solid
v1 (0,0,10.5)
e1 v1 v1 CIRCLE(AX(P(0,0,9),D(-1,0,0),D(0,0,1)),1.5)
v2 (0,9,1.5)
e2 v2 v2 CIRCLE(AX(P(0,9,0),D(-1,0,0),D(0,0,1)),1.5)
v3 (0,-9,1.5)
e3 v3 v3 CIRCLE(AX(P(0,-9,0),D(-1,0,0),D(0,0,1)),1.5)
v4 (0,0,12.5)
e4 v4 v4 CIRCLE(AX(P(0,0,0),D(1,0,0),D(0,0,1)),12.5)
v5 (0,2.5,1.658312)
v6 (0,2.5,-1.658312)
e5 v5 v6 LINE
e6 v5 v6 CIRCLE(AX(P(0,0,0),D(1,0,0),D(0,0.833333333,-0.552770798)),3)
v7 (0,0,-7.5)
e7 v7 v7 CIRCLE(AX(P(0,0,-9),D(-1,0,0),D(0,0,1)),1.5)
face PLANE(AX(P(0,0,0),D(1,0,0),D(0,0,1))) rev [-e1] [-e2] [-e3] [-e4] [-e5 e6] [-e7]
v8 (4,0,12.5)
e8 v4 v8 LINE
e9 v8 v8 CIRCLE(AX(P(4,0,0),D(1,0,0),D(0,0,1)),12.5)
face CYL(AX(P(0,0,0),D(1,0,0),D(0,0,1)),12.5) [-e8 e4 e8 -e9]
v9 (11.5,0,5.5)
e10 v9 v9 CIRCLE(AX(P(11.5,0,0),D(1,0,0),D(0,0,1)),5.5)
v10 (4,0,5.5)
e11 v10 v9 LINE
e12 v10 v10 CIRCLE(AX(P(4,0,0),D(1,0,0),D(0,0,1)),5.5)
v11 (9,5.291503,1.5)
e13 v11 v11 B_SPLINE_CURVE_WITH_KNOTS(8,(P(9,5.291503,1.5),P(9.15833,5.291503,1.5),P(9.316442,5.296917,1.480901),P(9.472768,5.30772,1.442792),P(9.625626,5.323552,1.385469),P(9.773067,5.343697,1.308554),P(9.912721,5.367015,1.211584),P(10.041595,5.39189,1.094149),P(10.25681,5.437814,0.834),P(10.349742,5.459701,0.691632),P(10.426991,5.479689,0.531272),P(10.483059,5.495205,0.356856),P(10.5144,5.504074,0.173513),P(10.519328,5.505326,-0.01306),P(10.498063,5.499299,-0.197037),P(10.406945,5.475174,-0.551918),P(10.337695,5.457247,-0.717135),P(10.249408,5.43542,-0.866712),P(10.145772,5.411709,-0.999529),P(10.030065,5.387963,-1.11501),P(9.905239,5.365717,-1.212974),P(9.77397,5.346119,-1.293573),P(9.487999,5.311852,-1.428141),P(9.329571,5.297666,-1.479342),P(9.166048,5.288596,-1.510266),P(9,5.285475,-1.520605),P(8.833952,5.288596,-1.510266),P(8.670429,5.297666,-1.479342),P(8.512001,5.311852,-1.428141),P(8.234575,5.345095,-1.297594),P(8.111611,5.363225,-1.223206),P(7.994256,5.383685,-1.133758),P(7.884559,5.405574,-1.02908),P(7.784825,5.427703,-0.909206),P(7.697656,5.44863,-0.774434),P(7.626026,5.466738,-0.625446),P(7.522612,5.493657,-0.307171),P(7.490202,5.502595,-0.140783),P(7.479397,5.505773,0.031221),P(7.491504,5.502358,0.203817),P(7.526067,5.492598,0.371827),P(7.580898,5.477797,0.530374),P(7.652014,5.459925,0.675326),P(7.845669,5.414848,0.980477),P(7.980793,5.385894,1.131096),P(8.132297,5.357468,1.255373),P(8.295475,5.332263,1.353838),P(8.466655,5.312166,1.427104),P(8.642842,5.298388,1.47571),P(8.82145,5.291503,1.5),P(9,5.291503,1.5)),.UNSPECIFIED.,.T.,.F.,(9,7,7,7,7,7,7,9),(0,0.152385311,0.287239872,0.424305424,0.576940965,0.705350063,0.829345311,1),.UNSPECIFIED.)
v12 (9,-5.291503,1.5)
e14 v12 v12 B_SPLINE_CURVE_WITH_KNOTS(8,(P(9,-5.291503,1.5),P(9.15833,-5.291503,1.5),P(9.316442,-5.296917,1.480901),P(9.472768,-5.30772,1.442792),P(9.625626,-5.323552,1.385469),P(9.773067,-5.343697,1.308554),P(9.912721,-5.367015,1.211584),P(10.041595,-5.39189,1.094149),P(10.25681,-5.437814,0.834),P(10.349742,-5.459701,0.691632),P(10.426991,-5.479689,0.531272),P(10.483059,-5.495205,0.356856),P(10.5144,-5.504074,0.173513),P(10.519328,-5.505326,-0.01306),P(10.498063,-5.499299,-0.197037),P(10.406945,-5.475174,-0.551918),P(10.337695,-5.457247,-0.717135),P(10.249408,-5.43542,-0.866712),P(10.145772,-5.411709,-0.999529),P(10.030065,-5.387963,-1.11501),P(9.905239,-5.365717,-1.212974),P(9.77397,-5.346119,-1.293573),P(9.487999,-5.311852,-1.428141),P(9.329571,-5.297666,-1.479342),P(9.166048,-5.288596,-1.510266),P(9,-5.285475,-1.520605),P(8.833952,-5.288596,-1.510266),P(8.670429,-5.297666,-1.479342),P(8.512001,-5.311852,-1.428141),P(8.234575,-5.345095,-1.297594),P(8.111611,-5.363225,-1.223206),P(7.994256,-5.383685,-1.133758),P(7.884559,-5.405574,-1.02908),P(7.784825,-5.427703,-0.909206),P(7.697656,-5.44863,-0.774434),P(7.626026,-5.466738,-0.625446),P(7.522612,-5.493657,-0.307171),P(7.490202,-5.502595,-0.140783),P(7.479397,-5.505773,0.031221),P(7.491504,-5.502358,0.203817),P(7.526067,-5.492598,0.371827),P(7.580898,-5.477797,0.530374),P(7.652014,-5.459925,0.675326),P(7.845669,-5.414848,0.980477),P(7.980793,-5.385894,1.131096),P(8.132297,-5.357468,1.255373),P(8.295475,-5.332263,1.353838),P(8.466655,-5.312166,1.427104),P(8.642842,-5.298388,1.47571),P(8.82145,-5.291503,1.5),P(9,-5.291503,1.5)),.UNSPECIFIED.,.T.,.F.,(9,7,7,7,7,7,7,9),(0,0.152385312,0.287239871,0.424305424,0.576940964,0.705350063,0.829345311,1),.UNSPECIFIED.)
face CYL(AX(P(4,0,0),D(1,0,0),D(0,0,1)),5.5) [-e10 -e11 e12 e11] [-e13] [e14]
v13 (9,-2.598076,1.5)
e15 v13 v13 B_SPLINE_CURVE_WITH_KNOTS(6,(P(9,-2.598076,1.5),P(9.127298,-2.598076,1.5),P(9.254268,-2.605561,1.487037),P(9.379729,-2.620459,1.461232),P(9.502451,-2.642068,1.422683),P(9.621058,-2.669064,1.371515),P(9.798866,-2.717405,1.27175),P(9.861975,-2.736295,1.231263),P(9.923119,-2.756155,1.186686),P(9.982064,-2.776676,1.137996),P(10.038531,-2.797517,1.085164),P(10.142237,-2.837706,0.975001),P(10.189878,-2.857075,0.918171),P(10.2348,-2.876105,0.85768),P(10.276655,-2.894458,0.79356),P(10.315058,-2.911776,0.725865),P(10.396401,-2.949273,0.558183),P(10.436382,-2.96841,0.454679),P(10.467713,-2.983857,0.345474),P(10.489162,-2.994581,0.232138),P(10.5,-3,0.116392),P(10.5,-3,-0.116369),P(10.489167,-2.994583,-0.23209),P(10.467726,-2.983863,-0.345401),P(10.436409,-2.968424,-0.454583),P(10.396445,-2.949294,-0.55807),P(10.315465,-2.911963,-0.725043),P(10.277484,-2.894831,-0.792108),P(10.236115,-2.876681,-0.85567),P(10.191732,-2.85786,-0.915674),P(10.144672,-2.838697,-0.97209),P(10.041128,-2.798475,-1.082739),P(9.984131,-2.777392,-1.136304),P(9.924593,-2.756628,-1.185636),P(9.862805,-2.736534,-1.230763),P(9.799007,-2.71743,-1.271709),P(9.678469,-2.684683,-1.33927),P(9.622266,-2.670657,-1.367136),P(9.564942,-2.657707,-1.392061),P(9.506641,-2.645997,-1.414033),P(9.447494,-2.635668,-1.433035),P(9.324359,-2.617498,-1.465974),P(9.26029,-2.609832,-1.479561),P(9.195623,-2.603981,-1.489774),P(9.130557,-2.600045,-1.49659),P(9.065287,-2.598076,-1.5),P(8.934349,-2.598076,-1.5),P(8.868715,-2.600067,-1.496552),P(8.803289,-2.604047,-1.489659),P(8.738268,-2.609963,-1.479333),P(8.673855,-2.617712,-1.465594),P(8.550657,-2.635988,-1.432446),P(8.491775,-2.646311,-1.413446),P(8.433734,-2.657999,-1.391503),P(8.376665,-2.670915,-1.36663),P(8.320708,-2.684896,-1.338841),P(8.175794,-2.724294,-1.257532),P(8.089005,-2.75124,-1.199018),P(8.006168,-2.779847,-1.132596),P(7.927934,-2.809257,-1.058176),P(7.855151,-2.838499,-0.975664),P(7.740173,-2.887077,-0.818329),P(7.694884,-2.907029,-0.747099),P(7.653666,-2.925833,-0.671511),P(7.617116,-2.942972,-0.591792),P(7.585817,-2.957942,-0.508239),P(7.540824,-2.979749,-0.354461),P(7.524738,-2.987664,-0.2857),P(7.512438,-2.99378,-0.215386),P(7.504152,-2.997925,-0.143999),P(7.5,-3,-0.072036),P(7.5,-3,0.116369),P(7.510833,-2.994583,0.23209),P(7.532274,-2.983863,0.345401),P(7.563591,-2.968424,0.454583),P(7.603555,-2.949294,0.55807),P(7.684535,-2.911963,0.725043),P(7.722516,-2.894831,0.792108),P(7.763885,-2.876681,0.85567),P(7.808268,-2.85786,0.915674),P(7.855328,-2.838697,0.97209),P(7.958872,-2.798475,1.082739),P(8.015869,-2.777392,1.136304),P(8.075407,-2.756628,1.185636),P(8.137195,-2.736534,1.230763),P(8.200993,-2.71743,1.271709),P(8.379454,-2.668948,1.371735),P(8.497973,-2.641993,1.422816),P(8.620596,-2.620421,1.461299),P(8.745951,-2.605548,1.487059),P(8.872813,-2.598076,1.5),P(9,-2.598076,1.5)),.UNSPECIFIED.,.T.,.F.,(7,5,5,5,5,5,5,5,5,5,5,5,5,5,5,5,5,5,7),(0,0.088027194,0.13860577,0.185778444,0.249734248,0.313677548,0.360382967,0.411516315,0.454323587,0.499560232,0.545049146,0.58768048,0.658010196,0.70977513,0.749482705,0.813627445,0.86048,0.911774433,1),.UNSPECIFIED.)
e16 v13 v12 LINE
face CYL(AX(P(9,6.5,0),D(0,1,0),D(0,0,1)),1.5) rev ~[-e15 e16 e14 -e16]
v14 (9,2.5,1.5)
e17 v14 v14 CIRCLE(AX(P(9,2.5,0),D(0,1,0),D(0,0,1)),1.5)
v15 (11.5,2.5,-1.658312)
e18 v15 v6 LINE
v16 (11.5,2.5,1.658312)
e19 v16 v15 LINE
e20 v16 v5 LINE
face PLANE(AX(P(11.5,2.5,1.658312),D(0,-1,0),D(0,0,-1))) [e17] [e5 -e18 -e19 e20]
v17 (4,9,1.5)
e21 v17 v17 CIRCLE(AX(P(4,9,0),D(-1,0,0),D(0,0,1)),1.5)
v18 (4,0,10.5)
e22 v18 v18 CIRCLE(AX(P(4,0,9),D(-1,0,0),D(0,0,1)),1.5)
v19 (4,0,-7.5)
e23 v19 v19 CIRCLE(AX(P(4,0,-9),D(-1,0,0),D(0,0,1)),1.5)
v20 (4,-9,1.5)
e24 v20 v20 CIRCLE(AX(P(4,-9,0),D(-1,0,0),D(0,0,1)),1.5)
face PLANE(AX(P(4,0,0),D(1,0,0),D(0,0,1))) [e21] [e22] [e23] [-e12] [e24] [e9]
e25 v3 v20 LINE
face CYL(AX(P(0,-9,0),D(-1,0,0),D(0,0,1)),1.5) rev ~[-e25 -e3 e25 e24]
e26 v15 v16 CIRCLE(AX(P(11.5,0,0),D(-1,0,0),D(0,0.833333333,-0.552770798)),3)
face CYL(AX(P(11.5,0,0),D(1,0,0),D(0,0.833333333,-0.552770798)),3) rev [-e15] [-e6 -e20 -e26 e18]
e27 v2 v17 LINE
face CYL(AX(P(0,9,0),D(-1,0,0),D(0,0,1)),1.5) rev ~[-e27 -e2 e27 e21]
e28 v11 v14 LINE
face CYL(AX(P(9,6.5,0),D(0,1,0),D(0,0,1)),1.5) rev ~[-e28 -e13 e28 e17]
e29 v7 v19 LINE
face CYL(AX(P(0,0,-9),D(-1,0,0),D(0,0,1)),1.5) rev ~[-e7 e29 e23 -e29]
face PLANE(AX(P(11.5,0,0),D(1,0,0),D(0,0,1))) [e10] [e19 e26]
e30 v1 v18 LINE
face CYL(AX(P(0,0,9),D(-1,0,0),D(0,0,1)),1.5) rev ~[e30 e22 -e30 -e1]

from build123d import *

# Parameters (mm, degrees)
CUT_EXTRUDE_1_REACH = 23.089
SKETCH_7_R          = 1.5
CUT_EXTRUDE_2_DEPTH = 16
CUT_EXTRUDE_3_REACH = 23.089
SKETCH_8_R          = 1.5


with BuildPart() as part:
    # 草图4 → 旋转1 (revolve)
    with BuildSketch(Plane.XY, mode=Mode.PRIVATE) as revolve_1_sk:
        Polygon((0, 0), (0, 12.5), (4, 12.5), (4, 5.5), (11.5, 5.5), (11.5, 0), align=None)
    revolve(revolve_1_sk.sketch.rotate(Axis((0, 0, 0), (1, 0, 0)), 90), axis=Axis((0, 0, 0), (1, 0, 0)))

    # 草图5 → 切除-拉伸1 (cut, up to next)
    with BuildSketch(Plane(origin=(11.5, 0, 0), x_dir=(0, 0, -1), z_dir=(1, 0, 0)), mode=Mode.PRIVATE) as cut_extrude_1_sk1:
        with BuildLine():
            Line((-1.658312395, 2.5), (1.658312395, 2.5))
            ThreePointArc((1.658312395, 2.5), (0, -3), (-1.658312395, 2.5))
        make_face()
    cut_extrude_1_tool1 = extrude(cut_extrude_1_sk1.sketch, amount=-CUT_EXTRUDE_1_REACH, mode=Mode.PRIVATE) & part.part
    add(cut_extrude_1_tool1.solids().sort_by_distance((11.5, -0.111984, 0))[0], mode=Mode.SUBTRACT)

    # 草图7 → 切除-拉伸2 (cut)
    with BuildSketch(Plane(origin=(0, 6.5, 0), x_dir=(1, 0, 0), z_dir=(0, 1, 0))):
        with Locations(Location((9, 0, 0), (0, 0, 270))):
            Circle(SKETCH_7_R)
    extrude(amount=-CUT_EXTRUDE_2_DEPTH, mode=Mode.SUBTRACT)

    # 草图8 → 切除-拉伸3 (cut, up to next)
    with BuildSketch(Plane.ZY, mode=Mode.PRIVATE) as cut_extrude_3_sk1:
        with Locations((9, 0)):
            Circle(SKETCH_8_R)
    cut_extrude_3_tool1 = extrude(cut_extrude_3_sk1.sketch, amount=-CUT_EXTRUDE_3_REACH, mode=Mode.PRIVATE) & part.part
    # 草图8 → 切除-拉伸3 (cut, up to next)
    with BuildSketch(Plane.ZY, mode=Mode.PRIVATE) as cut_extrude_3_sk2:
        with Locations((0, -9)):
            Circle(SKETCH_8_R)
    cut_extrude_3_tool2 = extrude(cut_extrude_3_sk2.sketch, amount=-CUT_EXTRUDE_3_REACH, mode=Mode.PRIVATE) & part.part
    # 草图8 → 切除-拉伸3 (cut, up to next)
    with BuildSketch(Plane.ZY, mode=Mode.PRIVATE) as cut_extrude_3_sk3:
        with Locations((-9, 0)):
            Circle(SKETCH_8_R)
    cut_extrude_3_tool3 = extrude(cut_extrude_3_sk3.sketch, amount=-CUT_EXTRUDE_3_REACH, mode=Mode.PRIVATE) & part.part
    # 草图8 → 切除-拉伸3 (cut, up to next)
    with BuildSketch(Plane.ZY, mode=Mode.PRIVATE) as cut_extrude_3_sk4:
        with Locations((0, 9)):
            Circle(SKETCH_8_R)
    cut_extrude_3_tool4 = extrude(cut_extrude_3_sk4.sketch, amount=-CUT_EXTRUDE_3_REACH, mode=Mode.PRIVATE) & part.part
    add(cut_extrude_3_tool1.solids().sort_by_distance((0, 0, 9))[0], mode=Mode.SUBTRACT)
    add(cut_extrude_3_tool2.solids().sort_by_distance((0, -9, 0))[0], mode=Mode.SUBTRACT)
    add(cut_extrude_3_tool3.solids().sort_by_distance((0, 0, -9))[0], mode=Mode.SUBTRACT)
    add(cut_extrude_3_tool4.solids().sort_by_distance((0, 9, 0))[0], mode=Mode.SUBTRACT)


solid = part.part
